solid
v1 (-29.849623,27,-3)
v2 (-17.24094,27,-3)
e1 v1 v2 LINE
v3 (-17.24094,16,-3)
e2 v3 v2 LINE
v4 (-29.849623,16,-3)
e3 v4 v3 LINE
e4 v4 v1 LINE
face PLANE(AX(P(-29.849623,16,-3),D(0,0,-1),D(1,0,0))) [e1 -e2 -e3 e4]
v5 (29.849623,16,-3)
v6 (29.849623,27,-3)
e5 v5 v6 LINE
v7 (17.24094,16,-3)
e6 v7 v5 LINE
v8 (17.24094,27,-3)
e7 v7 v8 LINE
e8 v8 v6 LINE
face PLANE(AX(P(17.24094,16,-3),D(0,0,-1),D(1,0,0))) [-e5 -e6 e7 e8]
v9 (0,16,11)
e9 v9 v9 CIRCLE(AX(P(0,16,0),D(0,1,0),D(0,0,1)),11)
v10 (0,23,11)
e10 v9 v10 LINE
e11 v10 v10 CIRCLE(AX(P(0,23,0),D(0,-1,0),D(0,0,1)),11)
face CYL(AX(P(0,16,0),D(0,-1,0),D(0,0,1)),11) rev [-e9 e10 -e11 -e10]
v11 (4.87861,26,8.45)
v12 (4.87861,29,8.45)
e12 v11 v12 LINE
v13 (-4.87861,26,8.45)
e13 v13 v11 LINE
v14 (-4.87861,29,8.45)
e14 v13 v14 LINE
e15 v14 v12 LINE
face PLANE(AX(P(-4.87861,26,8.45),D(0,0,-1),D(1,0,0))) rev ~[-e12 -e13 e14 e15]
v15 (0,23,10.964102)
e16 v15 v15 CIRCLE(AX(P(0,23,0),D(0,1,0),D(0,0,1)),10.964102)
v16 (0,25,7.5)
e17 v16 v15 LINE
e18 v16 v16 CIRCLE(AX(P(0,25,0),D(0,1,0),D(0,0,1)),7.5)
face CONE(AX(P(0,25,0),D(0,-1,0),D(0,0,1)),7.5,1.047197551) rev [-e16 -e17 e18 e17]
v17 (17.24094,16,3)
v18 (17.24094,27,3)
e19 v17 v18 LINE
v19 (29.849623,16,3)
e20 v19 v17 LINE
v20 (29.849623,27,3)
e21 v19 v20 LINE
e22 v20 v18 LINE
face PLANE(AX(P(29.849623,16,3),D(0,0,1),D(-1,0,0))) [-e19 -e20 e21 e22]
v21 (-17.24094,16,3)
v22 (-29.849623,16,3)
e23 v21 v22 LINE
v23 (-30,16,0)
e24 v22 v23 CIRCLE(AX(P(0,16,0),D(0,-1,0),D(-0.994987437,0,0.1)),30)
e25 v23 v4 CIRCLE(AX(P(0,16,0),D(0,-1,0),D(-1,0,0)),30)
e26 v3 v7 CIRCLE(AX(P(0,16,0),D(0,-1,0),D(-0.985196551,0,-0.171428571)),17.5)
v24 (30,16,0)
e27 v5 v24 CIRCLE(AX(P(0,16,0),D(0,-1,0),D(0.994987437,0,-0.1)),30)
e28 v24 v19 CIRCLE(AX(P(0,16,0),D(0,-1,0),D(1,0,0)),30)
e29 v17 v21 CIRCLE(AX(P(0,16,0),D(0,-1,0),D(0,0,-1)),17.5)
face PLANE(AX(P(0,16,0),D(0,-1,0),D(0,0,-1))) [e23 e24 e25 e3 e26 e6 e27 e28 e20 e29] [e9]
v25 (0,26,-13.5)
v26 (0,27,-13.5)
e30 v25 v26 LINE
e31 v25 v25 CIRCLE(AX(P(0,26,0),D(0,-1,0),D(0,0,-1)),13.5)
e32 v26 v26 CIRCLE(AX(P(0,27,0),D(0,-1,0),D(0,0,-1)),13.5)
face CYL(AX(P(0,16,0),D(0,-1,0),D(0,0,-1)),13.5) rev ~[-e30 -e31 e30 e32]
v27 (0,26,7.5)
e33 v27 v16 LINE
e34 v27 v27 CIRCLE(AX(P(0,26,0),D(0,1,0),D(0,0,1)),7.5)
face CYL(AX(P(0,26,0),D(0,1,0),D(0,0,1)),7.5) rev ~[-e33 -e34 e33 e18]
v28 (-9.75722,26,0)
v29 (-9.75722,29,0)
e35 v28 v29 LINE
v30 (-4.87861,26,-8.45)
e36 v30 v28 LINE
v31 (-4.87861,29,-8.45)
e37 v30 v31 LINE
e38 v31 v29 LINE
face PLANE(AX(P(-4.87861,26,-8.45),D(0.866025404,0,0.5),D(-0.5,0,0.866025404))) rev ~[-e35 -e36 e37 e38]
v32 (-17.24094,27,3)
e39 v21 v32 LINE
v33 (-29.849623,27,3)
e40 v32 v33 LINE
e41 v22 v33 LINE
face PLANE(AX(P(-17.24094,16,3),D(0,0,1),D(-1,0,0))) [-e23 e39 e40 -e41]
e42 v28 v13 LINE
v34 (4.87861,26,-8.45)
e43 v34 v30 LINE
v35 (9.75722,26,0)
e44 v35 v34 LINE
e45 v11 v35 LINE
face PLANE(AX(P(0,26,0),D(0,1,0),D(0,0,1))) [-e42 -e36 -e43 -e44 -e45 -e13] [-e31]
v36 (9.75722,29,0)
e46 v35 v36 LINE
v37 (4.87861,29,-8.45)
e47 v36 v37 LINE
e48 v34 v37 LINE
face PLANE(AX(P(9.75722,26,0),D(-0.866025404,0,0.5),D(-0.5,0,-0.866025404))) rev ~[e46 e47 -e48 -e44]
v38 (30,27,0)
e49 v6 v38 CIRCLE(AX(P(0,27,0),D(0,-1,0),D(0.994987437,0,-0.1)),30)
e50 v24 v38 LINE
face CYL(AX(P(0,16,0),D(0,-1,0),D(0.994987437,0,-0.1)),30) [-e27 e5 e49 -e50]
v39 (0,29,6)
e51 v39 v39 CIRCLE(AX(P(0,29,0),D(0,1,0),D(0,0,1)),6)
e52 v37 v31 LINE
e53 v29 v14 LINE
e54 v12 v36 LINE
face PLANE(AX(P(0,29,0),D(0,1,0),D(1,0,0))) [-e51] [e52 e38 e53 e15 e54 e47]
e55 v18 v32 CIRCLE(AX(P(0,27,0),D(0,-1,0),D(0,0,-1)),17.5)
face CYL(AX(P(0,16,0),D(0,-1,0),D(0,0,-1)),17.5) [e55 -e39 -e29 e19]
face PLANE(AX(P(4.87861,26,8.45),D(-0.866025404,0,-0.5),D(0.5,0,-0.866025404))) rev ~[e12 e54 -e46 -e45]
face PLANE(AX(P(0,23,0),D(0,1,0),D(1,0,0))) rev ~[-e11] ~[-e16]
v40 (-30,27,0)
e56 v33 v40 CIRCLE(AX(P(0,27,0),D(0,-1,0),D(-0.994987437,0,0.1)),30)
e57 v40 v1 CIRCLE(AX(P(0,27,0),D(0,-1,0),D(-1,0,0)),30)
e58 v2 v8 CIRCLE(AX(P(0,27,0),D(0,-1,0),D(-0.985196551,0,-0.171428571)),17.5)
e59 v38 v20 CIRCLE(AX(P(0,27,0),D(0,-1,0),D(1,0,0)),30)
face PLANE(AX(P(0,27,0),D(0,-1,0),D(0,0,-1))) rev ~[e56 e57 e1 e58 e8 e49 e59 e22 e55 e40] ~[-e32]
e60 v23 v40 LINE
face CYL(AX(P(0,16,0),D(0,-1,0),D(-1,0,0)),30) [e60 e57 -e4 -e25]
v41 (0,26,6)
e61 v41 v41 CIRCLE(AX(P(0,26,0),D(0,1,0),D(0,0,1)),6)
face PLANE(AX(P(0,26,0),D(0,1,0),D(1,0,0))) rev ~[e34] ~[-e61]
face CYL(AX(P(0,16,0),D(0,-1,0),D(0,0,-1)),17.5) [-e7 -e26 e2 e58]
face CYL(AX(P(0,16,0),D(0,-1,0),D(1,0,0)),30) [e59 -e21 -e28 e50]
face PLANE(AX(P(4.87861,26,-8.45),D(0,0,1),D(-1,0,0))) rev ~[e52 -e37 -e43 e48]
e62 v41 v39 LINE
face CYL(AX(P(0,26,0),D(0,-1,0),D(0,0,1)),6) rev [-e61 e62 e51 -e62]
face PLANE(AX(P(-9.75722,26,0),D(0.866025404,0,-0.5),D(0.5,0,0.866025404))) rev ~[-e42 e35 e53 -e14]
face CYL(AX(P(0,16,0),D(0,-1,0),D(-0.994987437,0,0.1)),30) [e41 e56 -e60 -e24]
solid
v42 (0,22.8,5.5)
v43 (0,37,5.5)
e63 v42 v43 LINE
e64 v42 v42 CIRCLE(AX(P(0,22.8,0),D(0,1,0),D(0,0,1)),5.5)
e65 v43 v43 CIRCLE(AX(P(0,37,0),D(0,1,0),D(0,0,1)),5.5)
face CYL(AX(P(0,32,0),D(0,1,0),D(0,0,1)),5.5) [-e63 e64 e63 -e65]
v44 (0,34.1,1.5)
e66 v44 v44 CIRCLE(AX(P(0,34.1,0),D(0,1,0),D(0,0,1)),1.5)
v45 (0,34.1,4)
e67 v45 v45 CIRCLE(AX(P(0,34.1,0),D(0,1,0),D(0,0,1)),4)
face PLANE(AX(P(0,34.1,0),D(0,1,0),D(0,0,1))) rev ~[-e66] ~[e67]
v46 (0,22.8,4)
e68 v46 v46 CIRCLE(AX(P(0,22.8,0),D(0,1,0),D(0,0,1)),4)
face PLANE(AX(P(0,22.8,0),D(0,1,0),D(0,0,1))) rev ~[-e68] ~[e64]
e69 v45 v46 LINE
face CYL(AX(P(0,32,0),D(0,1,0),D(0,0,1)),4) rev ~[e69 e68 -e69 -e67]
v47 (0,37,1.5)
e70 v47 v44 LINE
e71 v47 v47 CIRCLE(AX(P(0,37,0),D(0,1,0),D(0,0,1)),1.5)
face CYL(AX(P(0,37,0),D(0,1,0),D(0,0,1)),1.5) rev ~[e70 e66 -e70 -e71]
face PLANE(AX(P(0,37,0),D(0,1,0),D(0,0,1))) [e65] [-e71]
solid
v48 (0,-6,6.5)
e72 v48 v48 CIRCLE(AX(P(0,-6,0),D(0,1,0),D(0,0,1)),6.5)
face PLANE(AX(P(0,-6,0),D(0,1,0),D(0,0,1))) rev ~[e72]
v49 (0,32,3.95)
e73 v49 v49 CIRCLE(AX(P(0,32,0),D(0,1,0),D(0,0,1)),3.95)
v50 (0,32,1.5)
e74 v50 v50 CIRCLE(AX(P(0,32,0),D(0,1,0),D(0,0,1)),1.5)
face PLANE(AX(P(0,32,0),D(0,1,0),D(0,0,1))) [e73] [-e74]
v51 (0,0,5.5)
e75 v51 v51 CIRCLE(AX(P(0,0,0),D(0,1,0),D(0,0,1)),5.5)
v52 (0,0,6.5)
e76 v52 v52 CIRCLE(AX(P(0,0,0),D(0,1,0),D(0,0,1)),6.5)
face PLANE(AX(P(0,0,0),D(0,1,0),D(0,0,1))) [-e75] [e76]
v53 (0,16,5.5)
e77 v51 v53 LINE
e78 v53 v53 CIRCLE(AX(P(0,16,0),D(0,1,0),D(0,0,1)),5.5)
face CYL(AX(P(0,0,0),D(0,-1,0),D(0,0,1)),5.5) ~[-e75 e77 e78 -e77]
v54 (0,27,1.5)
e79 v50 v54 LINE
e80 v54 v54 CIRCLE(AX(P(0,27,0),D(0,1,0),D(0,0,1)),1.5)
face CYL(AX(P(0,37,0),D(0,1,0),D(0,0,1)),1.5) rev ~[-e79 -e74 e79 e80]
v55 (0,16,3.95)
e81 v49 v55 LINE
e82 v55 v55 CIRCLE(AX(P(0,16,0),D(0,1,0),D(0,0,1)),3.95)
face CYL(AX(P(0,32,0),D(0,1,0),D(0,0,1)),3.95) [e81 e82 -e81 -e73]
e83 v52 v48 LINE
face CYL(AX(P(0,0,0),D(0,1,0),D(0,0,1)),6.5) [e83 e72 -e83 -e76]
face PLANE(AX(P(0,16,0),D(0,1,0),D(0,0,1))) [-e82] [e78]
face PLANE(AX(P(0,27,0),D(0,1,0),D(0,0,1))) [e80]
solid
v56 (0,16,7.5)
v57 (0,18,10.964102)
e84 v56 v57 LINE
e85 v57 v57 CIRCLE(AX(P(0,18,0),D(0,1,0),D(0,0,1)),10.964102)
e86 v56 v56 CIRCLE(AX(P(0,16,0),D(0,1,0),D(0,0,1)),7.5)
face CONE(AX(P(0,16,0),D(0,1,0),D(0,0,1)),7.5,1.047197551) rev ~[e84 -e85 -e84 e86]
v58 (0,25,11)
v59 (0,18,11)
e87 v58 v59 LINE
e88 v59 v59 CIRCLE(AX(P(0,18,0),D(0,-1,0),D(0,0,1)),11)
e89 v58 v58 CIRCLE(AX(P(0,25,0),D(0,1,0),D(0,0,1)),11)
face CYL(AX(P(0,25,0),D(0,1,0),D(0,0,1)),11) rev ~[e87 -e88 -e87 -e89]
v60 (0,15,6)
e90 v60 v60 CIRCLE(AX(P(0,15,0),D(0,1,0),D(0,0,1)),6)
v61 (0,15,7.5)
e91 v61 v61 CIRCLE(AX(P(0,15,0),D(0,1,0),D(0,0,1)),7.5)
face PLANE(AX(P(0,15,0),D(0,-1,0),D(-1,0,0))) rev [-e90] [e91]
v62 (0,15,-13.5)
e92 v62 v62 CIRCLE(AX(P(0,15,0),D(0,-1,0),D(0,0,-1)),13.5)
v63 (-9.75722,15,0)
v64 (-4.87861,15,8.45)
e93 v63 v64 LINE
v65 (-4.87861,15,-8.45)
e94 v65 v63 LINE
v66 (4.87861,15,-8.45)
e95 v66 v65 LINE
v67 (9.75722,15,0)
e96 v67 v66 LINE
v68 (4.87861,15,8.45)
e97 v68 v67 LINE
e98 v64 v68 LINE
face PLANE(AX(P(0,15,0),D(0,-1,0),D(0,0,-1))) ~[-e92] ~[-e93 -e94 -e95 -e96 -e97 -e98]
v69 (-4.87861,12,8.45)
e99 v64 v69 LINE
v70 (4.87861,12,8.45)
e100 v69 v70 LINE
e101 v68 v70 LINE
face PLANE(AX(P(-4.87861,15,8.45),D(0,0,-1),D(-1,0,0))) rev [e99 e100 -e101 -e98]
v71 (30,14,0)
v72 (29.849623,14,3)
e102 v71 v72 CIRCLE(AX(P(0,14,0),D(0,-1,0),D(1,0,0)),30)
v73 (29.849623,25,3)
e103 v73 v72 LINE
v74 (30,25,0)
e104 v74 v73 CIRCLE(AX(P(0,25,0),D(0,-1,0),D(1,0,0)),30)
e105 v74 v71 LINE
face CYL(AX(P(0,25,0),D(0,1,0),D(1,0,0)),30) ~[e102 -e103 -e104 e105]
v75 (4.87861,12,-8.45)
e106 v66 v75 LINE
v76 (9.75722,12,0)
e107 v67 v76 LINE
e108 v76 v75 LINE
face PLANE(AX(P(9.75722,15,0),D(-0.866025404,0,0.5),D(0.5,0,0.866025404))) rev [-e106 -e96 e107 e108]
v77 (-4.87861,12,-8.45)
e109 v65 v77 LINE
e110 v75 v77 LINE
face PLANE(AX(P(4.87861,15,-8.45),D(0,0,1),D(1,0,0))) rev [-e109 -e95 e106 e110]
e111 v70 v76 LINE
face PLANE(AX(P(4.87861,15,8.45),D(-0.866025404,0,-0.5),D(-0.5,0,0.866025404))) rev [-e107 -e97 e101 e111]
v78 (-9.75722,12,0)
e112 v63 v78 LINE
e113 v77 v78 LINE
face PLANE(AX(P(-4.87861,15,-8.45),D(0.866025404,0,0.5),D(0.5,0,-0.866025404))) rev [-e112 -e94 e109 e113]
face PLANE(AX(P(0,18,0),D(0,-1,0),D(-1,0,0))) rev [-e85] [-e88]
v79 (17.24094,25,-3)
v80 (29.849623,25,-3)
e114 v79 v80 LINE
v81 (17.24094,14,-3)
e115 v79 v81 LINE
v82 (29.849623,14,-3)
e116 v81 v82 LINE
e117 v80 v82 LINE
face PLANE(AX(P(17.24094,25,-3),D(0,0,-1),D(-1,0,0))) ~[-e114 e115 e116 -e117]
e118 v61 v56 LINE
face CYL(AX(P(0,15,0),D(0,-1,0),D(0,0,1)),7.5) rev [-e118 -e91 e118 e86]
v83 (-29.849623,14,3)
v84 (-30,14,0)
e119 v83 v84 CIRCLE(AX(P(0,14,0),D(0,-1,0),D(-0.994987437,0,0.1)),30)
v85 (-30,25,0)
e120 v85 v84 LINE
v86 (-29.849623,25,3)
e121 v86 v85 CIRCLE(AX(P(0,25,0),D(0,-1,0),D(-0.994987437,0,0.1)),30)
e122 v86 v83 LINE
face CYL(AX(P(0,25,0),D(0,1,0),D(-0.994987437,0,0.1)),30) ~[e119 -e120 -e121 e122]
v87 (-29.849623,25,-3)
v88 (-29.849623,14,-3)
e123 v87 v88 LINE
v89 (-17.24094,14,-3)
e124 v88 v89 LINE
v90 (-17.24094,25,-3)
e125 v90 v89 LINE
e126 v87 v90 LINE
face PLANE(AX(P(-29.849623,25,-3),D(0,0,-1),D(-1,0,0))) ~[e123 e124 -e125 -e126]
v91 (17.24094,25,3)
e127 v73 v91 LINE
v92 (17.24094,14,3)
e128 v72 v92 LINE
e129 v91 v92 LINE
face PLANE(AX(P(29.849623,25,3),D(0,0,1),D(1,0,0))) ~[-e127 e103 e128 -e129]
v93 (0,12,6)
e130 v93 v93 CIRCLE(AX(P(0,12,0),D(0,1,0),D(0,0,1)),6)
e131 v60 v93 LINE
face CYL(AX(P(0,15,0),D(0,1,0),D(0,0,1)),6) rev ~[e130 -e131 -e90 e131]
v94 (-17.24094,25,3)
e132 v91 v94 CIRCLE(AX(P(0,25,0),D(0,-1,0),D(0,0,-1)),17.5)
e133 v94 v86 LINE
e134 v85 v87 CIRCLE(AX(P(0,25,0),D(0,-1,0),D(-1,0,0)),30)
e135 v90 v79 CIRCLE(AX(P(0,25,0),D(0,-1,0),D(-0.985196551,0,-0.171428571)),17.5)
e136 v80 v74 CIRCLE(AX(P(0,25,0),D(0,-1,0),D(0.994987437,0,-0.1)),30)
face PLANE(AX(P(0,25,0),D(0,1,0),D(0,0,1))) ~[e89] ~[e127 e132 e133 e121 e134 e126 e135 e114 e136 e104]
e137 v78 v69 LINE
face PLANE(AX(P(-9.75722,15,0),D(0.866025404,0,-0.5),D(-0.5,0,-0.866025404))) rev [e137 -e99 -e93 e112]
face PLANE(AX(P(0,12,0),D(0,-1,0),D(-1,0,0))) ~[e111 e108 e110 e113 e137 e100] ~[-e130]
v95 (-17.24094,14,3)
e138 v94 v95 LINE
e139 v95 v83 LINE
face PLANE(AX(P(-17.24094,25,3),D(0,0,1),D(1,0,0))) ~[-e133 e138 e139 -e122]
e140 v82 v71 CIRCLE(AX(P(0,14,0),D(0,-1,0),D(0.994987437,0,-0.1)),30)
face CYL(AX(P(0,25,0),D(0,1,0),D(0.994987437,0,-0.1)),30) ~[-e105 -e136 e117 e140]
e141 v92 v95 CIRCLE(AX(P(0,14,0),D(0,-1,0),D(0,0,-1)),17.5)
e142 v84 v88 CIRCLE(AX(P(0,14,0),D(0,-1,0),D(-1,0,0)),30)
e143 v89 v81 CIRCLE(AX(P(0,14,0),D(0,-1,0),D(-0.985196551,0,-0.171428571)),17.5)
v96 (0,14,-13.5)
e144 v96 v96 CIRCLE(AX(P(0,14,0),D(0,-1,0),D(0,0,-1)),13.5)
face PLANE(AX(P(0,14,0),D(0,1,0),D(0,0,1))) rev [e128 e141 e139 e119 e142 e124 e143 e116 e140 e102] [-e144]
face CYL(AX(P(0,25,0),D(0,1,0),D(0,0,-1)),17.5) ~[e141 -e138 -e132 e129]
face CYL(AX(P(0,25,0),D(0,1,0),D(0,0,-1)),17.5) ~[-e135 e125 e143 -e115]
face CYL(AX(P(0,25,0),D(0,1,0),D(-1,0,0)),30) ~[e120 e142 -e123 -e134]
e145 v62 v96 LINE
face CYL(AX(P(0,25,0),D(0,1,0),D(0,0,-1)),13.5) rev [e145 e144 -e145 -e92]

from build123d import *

# Parameters (mm, degrees)
SKETCH2_R                = 5.5
BOSS_EXTRUDE1_DEPTH      = 32
SKETCH2_3_R              = 6.5
SKETCH2_3_R_2            = 5.5
BOSS_EXTRUDE2_DEPTH      = 6
SKETCH5_R                = 5.5
SKETCH5_R_2              = 3.95
CUT_EXTRUDE1_DEPTH       = 16
SKETCH6_R                = 13.5
SKETCH6_R_2              = 11
BOSS_EXTRUDE4_DEPTH      = 10
SKETCH7_R                = 11.05
SKETCH7_R_2              = 7.5
BOSS_EXTRUDE5_DEPTH      = 3
SKETCH9_R                = 17.5
SKETCH9_R_2              = 13.5
BOSS_EXTRUDE6_DEPTH      = 11
SKETCH10_R               = 6
BOSS_EXTRUDE7_DEPTH      = 3
CHAMFER2_SIZE            = 2
CHAMFER2_SIZE2           = 3.464101615
BOSS_EXTRUDE8_DEPTH      = 11
SKETCH12_R               = 5.5
SKETCH12_R_2             = 4
BOSS_EXTRUDE9_DEPTH      = 5
BOSS_EXTRUDE9_DEPTH_BACK = 9.2
SKETCH16_R               = 4
BOSS_EXTRUDE10_DEPTH     = 2.9
SKETCH17_R               = 1.5
CUT_EXTRUDE2_DEPTH       = 10


with BuildPart() as part:
    # Sketch2 → Boss-Extrude1 (new body)
    with BuildSketch(Plane(origin=(0, 0, 0), x_dir=(1, 0, 0), z_dir=(0, 1, 0))):
        with Locations(Location((0, 0, 0), (0, 0, 270))):
            Circle(SKETCH2_R)
    extrude(amount=BOSS_EXTRUDE1_DEPTH)

    # Sketch5 → Cut-Extrude1 (cut)
    with BuildSketch(Plane(origin=(0, 32, 0), x_dir=(1, 0, 0), z_dir=(0, 1, 0))):
        with Locations(Location((0, 0, 0), (0, 0, 270))):
            Circle(SKETCH5_R)
        with Locations(Location((0, 0, 0), (0, 0, 270))):
            Circle(SKETCH5_R_2, mode=Mode.SUBTRACT)
    extrude(amount=-CUT_EXTRUDE1_DEPTH, mode=Mode.SUBTRACT)


with BuildPart() as body_2:
    # Sketch2<3> → Boss-Extrude2 (new body)
    with BuildSketch(Plane(origin=(0, 0, 0), x_dir=(1, 0, 0), z_dir=(0, 1, 0))):
        with Locations(Location((0, 0, 0), (0, 0, 270))):
            Circle(SKETCH2_3_R)
        with Locations(Location((0, 0, 0), (0, 0, 270))):
            Circle(SKETCH2_3_R_2, mode=Mode.SUBTRACT)
        with Locations(Location((0, 0, 0), (0, 0, 270))):
            Circle(SKETCH2_3_R_2)
    extrude(amount=-BOSS_EXTRUDE2_DEPTH)


with BuildPart() as body_3:
    # Sketch6 → Boss-Extrude4 (new body)
    with BuildSketch(Plane(origin=(0, 16, 0), x_dir=(1, 0, 0), z_dir=(0, 1, 0))):
        with Locations(Location((0, 0, 0), (0, 0, 270))):
            Circle(SKETCH6_R)
        with Locations(Location((0, 0, 0), (0, 0, 270))):
            Circle(SKETCH6_R_2, mode=Mode.SUBTRACT)
    extrude(amount=BOSS_EXTRUDE4_DEPTH)

    # Sketch7 → Boss-Extrude5 (add)
    with BuildSketch(Plane(origin=(0, 26, 0), x_dir=(1, 0, 0), z_dir=(0, 1, 0))):
        Circle(SKETCH7_R)
        with Locations(Location((0, 0, 0), (0, 0, 270))):
            Circle(SKETCH7_R_2, mode=Mode.SUBTRACT)
    extrude(amount=-BOSS_EXTRUDE5_DEPTH)

    # Sketch9 → Boss-Extrude6 (add)
    with BuildSketch(Plane.XZ.offset(-16)):
        with Locations(Location((0, 0, 0), (0, 0, 270))):
            Circle(SKETCH9_R)
        with Locations(Location((0, 0, 0), (0, 0, 270))):
            Circle(SKETCH9_R_2, mode=Mode.SUBTRACT)
    extrude(amount=-BOSS_EXTRUDE6_DEPTH)

    # Sketch10 → Boss-Extrude7 (add)
    with BuildSketch(Plane(origin=(0, 26, 0), x_dir=(1, 0, 0), z_dir=(0, 1, 0))):
        Polygon((9.757219549, 0), (4.878609775, 8.45), (-4.878609775, 8.45), (-9.757219549, 0), (-4.878609775, -8.45), (4.878609775, -8.45), align=None)
        with Locations(Location((0, 0, 0), (0, 0, 270))):
            Circle(SKETCH10_R, mode=Mode.SUBTRACT)
    extrude(amount=BOSS_EXTRUDE7_DEPTH)

    # Chamfer2
    chamfer2_edges = [body_3.edges().sort_by_distance(p)[0] for p in [
        (0, 23, -7.5),
    ]]
    chamfer2_side = [body_3.faces().sort_by_distance(p)[0] for p in [
        (0, 24.5, -7.5),
    ]]
    chamfer(chamfer2_edges, length=CHAMFER2_SIZE, length2=CHAMFER2_SIZE2, reference=chamfer2_side[0])

    # Sketch11 → Boss-Extrude8 (add)
    with BuildSketch(Plane.XZ.offset(-16)):
        with BuildLine():
            ThreePointArc((17.24093965, 3), (17.435114623, 1.505582301), (17.5, 0))
            Line((17.5, 0), (30, 0))
            ThreePointArc((30, 0), (29.962382193, 1.501883252), (29.849623113, 3))
            Line((29.849623113, 3), (17.24093965, 3))
        make_face()
        with BuildLine():
            Line((-30, 0), (-17.5, 0))
            ThreePointArc((-17.5, 0), (-17.435114623, 1.505582301), (-17.24093965, 3))
            Line((-17.24093965, 3), (-29.849623113, 3))
            ThreePointArc((-29.849623113, 3), (-29.962382193, 1.501883252), (-30, 0))
        make_face()
        with BuildLine():
            Line((30, 0), (17.5, 0))
            ThreePointArc((17.5, 0), (17.435114623, -1.505582301), (17.24093965, -3))
            Line((17.24093965, -3), (29.849623113, -3))
            ThreePointArc((29.849623113, -3), (29.962382193, -1.501883252), (30, 0))
        make_face()
        with BuildLine():
            ThreePointArc((-17.24093965, -3), (-17.435114623, -1.505582301), (-17.5, 0))
            Line((-17.5, 0), (-30, 0))
            ThreePointArc((-30, 0), (-29.962382193, -1.501883252), (-29.849623113, -3))
            Line((-29.849623113, -3), (-17.24093965, -3))
        make_face()
    extrude(amount=-BOSS_EXTRUDE8_DEPTH)


with BuildPart() as body_4:
    # Sketch12 → Boss-Extrude9 (new, two sides)
    with BuildSketch(Plane(origin=(0, 32, 0), x_dir=(1, 0, 0), z_dir=(0, 1, 0))) as boss_extrude9_sk:
        with Locations(Location((0, 0, 0), (0, 0, 270))):
            Circle(SKETCH12_R)
        with Locations(Location((0, 0, 0), (0, 0, 270))):
            Circle(SKETCH12_R_2, mode=Mode.SUBTRACT)
    extrude(amount=BOSS_EXTRUDE9_DEPTH)
    extrude(boss_extrude9_sk.sketch, amount=-BOSS_EXTRUDE9_DEPTH_BACK)

    # Sketch16 → Boss-Extrude10 (add)
    with BuildSketch(Plane(origin=(0, 37, 0), x_dir=(1, 0, 0), z_dir=(0, 1, 0))):
        with Locations(Location((0, 0, 0), (0, 0, 270))):
            Circle(SKETCH16_R)
    extrude(amount=-BOSS_EXTRUDE10_DEPTH)


with BuildPart() as part_1:
    add(part.part)

    # Combine1: union body 2
    add(body_2.part)


with BuildPart() as body_4_2:
    # Mirror1: mirrored copy
    add(body_3.part.mirror(Plane.ZX.offset(20.5)))


with BuildPart() as cut_extrude2_tool:
    # Sketch17 → Cut-Extrude2 (new body)
    with BuildSketch(Plane(origin=(0, 37, 0), x_dir=(1, 0, 0), z_dir=(0, 1, 0))):
        with Locations(Location((0, 0, 0), (0, 0, 270))):
            Circle(SKETCH17_R)
    extrude(amount=-CUT_EXTRUDE2_DEPTH)


with BuildPart() as part_2:
    add(part_1.part)

    # Cut-Extrude2: cut by cut_extrude2_tool
    add(cut_extrude2_tool.part, mode=Mode.SUBTRACT)


with BuildPart() as body_4_1:
    add(body_4.part)

    # Cut-Extrude2: cut by cut_extrude2_tool
    add(cut_extrude2_tool.part, mode=Mode.SUBTRACT)


solid = Compound([body_3.part, body_4_2.part, part_2.part, body_4_1.part])
